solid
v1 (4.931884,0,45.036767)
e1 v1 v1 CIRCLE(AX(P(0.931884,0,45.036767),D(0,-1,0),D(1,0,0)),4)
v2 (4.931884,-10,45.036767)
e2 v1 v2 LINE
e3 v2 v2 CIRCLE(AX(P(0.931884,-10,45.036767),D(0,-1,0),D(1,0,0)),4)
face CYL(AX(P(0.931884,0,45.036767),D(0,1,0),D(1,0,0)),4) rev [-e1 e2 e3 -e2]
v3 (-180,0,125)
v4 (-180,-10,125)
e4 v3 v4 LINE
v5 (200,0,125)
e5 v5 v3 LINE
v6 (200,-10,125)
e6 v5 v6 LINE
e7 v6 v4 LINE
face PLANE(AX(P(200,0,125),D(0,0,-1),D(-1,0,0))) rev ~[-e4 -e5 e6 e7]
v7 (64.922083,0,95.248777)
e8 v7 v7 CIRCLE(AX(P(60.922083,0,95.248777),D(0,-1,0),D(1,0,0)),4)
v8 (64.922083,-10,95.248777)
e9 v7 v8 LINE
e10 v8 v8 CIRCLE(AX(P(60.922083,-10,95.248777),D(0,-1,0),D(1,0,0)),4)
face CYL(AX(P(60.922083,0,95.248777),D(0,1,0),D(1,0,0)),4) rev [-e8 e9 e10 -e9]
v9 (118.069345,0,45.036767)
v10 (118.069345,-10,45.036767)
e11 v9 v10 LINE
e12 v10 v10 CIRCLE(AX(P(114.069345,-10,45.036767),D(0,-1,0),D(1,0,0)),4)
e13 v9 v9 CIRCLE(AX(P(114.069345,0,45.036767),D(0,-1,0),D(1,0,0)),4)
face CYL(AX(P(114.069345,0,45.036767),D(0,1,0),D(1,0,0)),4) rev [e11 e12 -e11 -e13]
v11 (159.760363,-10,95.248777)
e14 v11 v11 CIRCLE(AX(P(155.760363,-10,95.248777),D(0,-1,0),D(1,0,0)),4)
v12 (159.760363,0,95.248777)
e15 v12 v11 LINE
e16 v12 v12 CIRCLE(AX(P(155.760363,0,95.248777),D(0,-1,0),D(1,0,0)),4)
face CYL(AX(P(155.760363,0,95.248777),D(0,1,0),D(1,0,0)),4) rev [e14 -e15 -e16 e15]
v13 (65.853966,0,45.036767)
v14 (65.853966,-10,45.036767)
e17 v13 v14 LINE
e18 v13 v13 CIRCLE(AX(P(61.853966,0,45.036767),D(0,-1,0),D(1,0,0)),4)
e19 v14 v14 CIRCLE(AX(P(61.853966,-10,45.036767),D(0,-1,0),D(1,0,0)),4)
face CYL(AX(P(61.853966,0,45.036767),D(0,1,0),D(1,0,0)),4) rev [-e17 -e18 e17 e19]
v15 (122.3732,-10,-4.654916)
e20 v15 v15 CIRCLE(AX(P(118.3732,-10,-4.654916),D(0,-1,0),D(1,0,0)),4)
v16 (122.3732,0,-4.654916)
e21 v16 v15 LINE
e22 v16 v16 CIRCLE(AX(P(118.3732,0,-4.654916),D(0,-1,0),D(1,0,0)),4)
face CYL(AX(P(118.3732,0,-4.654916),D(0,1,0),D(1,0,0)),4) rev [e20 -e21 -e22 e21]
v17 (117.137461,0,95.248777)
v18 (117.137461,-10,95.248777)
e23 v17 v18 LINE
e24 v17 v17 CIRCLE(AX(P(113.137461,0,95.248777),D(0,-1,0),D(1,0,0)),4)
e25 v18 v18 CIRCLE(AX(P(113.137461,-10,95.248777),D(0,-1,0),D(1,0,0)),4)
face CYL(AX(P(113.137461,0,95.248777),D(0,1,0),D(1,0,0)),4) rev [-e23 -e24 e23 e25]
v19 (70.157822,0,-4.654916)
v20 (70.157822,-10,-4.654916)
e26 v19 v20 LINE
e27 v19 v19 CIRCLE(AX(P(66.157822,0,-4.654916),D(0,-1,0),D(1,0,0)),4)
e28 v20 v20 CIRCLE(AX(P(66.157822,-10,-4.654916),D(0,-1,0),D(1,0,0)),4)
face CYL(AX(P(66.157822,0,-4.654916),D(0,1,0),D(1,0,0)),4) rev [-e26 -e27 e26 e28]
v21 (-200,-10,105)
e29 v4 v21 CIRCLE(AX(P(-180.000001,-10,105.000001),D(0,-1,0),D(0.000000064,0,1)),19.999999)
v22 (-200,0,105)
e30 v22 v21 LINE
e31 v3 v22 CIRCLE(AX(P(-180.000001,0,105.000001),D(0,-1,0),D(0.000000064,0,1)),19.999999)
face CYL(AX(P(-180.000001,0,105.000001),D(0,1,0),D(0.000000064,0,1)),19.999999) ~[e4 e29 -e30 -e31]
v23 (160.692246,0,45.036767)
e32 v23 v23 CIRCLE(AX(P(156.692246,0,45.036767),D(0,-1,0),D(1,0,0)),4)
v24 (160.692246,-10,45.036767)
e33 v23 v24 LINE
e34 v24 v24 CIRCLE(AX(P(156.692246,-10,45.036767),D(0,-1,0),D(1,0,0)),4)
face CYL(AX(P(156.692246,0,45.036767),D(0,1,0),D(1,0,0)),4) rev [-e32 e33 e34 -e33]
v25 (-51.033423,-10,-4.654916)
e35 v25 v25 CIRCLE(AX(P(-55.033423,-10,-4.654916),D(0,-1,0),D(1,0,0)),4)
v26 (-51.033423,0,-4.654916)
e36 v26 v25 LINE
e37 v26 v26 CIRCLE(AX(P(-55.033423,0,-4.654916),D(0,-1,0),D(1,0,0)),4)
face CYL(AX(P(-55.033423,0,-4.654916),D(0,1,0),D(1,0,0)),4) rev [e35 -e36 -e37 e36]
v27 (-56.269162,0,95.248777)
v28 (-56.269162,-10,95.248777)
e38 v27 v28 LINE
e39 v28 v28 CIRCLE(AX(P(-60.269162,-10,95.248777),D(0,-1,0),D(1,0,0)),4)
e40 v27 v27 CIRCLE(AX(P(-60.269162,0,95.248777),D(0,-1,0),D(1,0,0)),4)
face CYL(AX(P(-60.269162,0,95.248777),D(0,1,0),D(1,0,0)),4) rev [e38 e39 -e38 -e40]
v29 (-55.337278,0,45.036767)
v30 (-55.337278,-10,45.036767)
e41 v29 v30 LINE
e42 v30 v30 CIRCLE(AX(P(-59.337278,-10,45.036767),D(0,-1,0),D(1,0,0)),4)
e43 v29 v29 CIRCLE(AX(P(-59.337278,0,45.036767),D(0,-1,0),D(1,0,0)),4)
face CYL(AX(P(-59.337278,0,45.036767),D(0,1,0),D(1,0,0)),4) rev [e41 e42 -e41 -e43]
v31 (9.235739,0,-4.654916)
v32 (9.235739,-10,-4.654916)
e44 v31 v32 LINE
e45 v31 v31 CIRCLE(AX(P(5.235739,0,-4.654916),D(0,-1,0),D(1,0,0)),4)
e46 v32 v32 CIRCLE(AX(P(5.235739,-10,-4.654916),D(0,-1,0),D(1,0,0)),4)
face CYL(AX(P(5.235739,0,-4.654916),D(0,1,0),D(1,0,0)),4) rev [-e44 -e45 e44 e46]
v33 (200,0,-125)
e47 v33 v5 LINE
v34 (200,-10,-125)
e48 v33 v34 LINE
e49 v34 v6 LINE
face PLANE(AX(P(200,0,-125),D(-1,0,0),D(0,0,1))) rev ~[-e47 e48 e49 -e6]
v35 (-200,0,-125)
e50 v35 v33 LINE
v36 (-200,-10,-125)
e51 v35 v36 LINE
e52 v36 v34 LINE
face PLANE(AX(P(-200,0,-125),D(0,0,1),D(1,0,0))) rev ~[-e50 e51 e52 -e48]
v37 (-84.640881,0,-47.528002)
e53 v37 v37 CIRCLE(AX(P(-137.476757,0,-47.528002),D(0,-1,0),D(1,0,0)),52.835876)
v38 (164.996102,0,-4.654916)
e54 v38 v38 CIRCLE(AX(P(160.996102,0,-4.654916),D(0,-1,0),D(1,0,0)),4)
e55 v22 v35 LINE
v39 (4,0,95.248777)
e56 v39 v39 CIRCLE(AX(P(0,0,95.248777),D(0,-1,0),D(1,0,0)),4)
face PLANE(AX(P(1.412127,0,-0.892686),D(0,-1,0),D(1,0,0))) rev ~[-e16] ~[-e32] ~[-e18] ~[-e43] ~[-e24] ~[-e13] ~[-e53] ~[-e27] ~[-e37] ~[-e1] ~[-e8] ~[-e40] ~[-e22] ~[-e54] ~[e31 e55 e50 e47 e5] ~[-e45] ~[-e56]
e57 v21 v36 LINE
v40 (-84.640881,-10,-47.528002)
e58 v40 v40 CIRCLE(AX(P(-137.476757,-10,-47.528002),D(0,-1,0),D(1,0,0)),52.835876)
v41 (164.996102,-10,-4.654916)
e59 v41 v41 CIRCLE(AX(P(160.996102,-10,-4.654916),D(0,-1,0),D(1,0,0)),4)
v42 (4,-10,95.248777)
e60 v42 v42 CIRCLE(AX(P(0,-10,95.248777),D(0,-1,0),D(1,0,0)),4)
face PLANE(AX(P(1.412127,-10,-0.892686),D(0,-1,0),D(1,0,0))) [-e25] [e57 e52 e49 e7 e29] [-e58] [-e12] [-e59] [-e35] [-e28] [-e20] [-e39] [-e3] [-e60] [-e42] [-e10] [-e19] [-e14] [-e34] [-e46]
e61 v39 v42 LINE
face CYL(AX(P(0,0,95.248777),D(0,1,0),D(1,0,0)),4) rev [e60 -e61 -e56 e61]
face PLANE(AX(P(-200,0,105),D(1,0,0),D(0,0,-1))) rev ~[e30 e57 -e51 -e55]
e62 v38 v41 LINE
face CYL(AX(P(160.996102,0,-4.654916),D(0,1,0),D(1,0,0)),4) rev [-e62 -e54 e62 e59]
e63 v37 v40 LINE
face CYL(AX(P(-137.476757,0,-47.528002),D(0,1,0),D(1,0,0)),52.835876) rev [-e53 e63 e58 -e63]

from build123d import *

# Parameters (mm, degrees)
F0_R     = 52.835876
F0_R_2   = 4
F1_DEPTH = 10


with BuildPart() as f1:
    # F0 (on Front) → F1 (new body)
    with BuildSketch(Plane.XZ):
        with BuildLine():
            Line((200, 125), (-180, 125))
            ThreePointArc((-180, 125), (-194.142136, 119.142136), (-200, 105))
            Line((-200, 105), (-200, -125))
            Line((-200, -125), (200, -125))
            Line((200, -125), (200, 125))
        make_face()
        with Locations((-137.476757, -47.528002)):
            Circle(F0_R, mode=Mode.SUBTRACT)
        with Locations((-55.033423, -4.654916)):
            Circle(F0_R_2, mode=Mode.SUBTRACT)
        with Locations((5.235739, -4.654916)):
            Circle(F0_R_2, mode=Mode.SUBTRACT)
        with Locations((66.157822, -4.654916)):
            Circle(F0_R_2, mode=Mode.SUBTRACT)
        with Locations((118.3732, -4.654916)):
            Circle(F0_R_2, mode=Mode.SUBTRACT)
        with Locations((160.996102, -4.654916)):
            Circle(F0_R_2, mode=Mode.SUBTRACT)
        with Locations((-59.337278, 45.036767)):
            Circle(F0_R_2, mode=Mode.SUBTRACT)
        with Locations((-60.269162, 95.248777)):
            Circle(F0_R_2, mode=Mode.SUBTRACT)
        with Locations((0.931884, 45.036767)):
            Circle(F0_R_2, mode=Mode.SUBTRACT)
        with Locations((61.853966, 45.036767)):
            Circle(F0_R_2, mode=Mode.SUBTRACT)
        with Locations((114.069345, 45.036767)):
            Circle(F0_R_2, mode=Mode.SUBTRACT)
        with Locations((156.692246, 45.036767)):
            Circle(F0_R_2, mode=Mode.SUBTRACT)
        with Locations((0, 95.248777)):
            Circle(F0_R_2, mode=Mode.SUBTRACT)
        with Locations((60.922083, 95.248777)):
            Circle(F0_R_2, mode=Mode.SUBTRACT)
        with Locations((113.137461, 95.248777)):
            Circle(F0_R_2, mode=Mode.SUBTRACT)
        with Locations((155.760363, 95.248777)):
            Circle(F0_R_2, mode=Mode.SUBTRACT)
    extrude(amount=F1_DEPTH)


solid = f1.part
